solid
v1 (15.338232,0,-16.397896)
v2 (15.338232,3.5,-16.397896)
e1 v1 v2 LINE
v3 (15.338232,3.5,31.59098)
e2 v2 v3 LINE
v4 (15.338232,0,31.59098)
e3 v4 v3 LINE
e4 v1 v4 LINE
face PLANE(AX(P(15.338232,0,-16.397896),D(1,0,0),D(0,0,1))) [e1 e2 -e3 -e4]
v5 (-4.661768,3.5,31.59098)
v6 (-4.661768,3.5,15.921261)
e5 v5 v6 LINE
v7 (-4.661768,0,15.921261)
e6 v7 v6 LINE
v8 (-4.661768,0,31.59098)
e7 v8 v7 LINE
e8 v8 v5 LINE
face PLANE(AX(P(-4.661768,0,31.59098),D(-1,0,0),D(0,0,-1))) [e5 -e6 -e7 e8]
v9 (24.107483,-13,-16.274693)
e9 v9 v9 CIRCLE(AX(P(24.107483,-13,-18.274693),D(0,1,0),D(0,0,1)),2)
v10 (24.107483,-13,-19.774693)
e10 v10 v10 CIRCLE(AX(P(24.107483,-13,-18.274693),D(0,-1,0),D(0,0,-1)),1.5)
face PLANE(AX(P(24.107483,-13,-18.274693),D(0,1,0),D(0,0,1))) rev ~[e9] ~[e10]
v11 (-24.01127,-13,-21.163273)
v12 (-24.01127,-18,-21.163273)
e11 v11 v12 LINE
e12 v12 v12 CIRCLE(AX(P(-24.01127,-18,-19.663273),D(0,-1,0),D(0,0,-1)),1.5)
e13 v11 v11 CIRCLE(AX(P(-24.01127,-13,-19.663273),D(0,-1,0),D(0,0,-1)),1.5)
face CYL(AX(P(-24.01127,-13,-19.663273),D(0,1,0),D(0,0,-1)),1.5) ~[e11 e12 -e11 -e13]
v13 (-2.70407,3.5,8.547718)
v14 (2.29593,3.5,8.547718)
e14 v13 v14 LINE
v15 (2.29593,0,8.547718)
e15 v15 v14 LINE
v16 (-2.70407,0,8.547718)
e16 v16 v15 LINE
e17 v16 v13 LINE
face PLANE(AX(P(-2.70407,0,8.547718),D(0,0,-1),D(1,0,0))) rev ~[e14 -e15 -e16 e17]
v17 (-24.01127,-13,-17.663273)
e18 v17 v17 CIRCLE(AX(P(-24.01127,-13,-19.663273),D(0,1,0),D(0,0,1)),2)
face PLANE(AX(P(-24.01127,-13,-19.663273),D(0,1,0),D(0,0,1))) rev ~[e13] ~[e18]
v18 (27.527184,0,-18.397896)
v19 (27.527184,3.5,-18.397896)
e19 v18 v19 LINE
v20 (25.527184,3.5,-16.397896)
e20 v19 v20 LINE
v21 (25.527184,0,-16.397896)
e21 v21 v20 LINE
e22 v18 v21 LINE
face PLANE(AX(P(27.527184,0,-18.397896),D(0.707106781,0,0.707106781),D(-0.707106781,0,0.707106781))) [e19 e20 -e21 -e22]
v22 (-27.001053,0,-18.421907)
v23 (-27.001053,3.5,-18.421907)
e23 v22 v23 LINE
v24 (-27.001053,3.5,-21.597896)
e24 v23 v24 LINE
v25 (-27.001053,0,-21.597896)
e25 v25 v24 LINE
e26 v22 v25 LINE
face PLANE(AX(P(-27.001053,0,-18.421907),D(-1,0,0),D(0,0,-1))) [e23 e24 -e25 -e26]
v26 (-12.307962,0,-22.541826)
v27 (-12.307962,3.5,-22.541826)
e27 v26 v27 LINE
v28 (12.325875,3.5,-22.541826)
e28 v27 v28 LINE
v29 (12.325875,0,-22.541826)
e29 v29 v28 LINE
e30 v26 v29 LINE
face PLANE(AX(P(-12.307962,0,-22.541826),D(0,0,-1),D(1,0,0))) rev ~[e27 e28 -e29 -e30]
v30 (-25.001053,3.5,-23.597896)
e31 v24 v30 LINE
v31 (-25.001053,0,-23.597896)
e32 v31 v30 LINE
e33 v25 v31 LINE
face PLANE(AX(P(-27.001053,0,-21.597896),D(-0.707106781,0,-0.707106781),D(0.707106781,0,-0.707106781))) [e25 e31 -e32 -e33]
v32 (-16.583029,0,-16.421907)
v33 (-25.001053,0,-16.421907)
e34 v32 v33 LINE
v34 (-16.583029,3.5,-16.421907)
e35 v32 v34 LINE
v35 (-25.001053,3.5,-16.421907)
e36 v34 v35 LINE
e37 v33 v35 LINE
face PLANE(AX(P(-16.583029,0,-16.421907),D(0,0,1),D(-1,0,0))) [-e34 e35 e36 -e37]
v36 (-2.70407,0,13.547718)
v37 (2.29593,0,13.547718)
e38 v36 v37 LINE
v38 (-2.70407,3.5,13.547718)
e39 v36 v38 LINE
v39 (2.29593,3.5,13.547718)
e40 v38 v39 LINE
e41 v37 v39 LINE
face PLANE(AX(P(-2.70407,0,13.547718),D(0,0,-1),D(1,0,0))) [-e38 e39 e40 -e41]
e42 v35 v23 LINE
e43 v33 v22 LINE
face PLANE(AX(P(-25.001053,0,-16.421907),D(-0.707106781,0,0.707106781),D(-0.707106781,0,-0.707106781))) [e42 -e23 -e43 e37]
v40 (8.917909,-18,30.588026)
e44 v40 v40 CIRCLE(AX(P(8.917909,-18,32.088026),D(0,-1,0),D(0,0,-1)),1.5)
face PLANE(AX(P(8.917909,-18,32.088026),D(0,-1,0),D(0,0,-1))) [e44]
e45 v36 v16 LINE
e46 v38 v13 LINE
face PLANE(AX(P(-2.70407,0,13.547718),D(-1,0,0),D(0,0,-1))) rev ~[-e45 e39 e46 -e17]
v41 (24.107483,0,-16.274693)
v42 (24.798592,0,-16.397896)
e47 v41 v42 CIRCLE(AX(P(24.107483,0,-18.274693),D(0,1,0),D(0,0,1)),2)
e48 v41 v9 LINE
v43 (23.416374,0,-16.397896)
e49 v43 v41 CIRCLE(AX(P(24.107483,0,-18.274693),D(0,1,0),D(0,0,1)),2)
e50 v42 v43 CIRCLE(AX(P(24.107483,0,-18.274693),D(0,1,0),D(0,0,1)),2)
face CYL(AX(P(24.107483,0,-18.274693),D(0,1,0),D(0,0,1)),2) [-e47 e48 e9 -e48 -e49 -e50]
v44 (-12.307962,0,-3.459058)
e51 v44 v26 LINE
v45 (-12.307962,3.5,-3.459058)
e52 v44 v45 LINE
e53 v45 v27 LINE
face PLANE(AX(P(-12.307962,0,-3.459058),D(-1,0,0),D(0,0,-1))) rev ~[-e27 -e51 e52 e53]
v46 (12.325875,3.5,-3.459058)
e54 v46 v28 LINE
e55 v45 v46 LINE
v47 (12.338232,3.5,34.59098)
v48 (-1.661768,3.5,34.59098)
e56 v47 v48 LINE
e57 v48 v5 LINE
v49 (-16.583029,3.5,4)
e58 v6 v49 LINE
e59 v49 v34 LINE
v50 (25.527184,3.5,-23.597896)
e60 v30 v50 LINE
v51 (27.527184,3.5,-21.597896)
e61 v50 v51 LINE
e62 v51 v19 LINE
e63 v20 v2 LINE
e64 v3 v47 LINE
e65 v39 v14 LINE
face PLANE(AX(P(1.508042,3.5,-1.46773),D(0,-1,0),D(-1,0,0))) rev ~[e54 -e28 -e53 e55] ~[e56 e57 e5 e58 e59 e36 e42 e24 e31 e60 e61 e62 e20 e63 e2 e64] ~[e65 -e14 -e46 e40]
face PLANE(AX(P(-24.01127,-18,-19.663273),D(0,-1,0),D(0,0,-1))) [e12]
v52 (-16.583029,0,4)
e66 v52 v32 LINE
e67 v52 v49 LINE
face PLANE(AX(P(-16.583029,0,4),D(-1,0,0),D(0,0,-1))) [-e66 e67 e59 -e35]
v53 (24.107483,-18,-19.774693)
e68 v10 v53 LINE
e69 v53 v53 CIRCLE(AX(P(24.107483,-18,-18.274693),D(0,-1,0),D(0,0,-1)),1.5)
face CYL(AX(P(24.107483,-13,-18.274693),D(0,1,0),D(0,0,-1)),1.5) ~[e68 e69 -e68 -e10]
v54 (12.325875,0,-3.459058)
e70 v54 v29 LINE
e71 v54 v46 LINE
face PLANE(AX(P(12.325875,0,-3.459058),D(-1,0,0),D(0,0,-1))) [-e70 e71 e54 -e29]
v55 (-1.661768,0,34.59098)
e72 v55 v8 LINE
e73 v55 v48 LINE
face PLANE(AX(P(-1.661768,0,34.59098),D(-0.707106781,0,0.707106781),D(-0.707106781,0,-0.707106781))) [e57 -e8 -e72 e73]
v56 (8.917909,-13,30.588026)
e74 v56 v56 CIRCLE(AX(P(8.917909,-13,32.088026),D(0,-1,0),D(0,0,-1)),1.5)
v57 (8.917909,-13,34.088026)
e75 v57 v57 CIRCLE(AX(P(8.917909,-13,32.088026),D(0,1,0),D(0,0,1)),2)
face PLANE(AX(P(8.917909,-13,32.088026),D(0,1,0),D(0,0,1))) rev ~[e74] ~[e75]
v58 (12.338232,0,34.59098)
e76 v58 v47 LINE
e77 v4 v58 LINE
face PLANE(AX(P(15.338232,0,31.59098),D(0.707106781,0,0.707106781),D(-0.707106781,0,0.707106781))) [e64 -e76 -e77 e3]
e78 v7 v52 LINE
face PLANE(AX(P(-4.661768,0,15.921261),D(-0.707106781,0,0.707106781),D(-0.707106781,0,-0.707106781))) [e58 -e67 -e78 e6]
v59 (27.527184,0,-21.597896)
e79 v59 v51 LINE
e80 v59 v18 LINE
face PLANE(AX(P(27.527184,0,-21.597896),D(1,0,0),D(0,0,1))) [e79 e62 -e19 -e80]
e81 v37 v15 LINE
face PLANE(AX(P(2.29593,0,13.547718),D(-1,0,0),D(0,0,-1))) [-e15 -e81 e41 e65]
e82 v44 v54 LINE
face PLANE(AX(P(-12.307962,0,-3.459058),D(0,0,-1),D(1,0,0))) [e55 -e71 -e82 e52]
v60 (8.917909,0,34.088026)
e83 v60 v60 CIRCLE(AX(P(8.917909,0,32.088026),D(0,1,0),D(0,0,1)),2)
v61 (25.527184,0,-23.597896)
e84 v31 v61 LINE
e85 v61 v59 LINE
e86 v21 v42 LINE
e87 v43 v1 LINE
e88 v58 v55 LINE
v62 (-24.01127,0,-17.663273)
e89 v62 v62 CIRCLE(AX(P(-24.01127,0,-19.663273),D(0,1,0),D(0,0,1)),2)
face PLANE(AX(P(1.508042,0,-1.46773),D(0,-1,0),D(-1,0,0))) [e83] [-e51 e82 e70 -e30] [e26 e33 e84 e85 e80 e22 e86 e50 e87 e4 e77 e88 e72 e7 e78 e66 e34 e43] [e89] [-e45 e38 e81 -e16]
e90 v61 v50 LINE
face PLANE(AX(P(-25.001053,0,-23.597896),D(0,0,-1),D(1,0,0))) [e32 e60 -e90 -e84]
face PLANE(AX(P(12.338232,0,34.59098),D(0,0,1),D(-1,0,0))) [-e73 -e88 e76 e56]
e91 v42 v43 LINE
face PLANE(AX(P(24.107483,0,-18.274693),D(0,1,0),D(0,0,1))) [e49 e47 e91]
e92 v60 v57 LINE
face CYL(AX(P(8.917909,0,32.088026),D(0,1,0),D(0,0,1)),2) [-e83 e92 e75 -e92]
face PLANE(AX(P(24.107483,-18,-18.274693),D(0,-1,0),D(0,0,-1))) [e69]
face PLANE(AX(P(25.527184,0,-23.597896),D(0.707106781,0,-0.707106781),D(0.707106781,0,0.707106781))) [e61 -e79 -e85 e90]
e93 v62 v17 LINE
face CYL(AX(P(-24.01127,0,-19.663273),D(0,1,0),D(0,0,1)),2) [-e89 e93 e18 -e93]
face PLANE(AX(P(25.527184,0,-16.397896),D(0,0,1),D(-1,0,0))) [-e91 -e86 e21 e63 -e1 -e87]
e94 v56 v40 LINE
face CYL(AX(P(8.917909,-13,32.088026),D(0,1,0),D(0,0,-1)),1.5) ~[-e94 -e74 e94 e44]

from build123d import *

# Parameters (mm, degrees)
SKETCH4_W           = 24.633837396
SKETCH4_H           = 19.082768461
SKETCH4_W_2         = 5
SKETCH4_H_2         = 5
MAINBRACKET_DEPTH   = 3.5
SKETCH3_R           = 2
BOSS_EXTRUDE2_DEPTH = 13
SKETCH6_R           = 1.5
BOSS_EXTRUDE3_DEPTH = 5


with BuildPart() as part:
    # Sketch4 → MainBracket (new body)
    with BuildSketch(Plane(origin=(0, 0, 0), x_dir=(1, 0, 0), z_dir=(0, 1, 0))):
        Polygon((-25.001052975, 23.597895529), (25.52718448, 23.597895529), (27.52718448, 21.597895529), (27.52718448, 18.397895529), (25.52718448, 16.397895529), (15.338231538, 16.397895529), (15.338231538, -31.590979949), (12.338231538, -34.590979949), (-1.661768462, -34.590979949), (-4.661768462, -31.590979949), (-4.661768462, -15.921260677), (-16.583029139, -4), (-16.583029139, 16.421906692), (-25.001052975, 16.421906692), (-27.001052975, 18.421906692), (-27.001052975, 21.597895529), align=None)
        with Locations((0.008956485, 13.000441896)):
            Rectangle(SKETCH4_W, SKETCH4_H, mode=Mode.SUBTRACT)
        with Locations((-0.204070078, -11.047717724)):
            Rectangle(SKETCH4_W_2, SKETCH4_H_2, mode=Mode.SUBTRACT)
    extrude(amount=MAINBRACKET_DEPTH)

    # Sketch3 → Boss-Extrude2 (add)
    with BuildSketch(Plane(origin=(0, 0, 0), x_dir=(1, 0, 0), z_dir=(0, 1, 0))):
        with Locations((-24.011269627, 19.663273311)):
            Circle(SKETCH3_R)
        with Locations((24.107482847, 18.27469294)):
            Circle(SKETCH3_R)
        with Locations((8.917908931, -32.088026328)):
            Circle(SKETCH3_R)
    extrude(amount=-BOSS_EXTRUDE2_DEPTH)

    # Sketch6 → Boss-Extrude3 (add)
    with BuildSketch(Plane.XZ.offset(13)):
        with Locations((-24.011269627, -19.663273311)):
            Circle(SKETCH6_R)
        with Locations((8.917908931, 32.088026328)):
            Circle(SKETCH6_R)
        with Locations((24.107482847, -18.27469294)):
            Circle(SKETCH6_R)
    extrude(amount=BOSS_EXTRUDE3_DEPTH)


solid = part.part
